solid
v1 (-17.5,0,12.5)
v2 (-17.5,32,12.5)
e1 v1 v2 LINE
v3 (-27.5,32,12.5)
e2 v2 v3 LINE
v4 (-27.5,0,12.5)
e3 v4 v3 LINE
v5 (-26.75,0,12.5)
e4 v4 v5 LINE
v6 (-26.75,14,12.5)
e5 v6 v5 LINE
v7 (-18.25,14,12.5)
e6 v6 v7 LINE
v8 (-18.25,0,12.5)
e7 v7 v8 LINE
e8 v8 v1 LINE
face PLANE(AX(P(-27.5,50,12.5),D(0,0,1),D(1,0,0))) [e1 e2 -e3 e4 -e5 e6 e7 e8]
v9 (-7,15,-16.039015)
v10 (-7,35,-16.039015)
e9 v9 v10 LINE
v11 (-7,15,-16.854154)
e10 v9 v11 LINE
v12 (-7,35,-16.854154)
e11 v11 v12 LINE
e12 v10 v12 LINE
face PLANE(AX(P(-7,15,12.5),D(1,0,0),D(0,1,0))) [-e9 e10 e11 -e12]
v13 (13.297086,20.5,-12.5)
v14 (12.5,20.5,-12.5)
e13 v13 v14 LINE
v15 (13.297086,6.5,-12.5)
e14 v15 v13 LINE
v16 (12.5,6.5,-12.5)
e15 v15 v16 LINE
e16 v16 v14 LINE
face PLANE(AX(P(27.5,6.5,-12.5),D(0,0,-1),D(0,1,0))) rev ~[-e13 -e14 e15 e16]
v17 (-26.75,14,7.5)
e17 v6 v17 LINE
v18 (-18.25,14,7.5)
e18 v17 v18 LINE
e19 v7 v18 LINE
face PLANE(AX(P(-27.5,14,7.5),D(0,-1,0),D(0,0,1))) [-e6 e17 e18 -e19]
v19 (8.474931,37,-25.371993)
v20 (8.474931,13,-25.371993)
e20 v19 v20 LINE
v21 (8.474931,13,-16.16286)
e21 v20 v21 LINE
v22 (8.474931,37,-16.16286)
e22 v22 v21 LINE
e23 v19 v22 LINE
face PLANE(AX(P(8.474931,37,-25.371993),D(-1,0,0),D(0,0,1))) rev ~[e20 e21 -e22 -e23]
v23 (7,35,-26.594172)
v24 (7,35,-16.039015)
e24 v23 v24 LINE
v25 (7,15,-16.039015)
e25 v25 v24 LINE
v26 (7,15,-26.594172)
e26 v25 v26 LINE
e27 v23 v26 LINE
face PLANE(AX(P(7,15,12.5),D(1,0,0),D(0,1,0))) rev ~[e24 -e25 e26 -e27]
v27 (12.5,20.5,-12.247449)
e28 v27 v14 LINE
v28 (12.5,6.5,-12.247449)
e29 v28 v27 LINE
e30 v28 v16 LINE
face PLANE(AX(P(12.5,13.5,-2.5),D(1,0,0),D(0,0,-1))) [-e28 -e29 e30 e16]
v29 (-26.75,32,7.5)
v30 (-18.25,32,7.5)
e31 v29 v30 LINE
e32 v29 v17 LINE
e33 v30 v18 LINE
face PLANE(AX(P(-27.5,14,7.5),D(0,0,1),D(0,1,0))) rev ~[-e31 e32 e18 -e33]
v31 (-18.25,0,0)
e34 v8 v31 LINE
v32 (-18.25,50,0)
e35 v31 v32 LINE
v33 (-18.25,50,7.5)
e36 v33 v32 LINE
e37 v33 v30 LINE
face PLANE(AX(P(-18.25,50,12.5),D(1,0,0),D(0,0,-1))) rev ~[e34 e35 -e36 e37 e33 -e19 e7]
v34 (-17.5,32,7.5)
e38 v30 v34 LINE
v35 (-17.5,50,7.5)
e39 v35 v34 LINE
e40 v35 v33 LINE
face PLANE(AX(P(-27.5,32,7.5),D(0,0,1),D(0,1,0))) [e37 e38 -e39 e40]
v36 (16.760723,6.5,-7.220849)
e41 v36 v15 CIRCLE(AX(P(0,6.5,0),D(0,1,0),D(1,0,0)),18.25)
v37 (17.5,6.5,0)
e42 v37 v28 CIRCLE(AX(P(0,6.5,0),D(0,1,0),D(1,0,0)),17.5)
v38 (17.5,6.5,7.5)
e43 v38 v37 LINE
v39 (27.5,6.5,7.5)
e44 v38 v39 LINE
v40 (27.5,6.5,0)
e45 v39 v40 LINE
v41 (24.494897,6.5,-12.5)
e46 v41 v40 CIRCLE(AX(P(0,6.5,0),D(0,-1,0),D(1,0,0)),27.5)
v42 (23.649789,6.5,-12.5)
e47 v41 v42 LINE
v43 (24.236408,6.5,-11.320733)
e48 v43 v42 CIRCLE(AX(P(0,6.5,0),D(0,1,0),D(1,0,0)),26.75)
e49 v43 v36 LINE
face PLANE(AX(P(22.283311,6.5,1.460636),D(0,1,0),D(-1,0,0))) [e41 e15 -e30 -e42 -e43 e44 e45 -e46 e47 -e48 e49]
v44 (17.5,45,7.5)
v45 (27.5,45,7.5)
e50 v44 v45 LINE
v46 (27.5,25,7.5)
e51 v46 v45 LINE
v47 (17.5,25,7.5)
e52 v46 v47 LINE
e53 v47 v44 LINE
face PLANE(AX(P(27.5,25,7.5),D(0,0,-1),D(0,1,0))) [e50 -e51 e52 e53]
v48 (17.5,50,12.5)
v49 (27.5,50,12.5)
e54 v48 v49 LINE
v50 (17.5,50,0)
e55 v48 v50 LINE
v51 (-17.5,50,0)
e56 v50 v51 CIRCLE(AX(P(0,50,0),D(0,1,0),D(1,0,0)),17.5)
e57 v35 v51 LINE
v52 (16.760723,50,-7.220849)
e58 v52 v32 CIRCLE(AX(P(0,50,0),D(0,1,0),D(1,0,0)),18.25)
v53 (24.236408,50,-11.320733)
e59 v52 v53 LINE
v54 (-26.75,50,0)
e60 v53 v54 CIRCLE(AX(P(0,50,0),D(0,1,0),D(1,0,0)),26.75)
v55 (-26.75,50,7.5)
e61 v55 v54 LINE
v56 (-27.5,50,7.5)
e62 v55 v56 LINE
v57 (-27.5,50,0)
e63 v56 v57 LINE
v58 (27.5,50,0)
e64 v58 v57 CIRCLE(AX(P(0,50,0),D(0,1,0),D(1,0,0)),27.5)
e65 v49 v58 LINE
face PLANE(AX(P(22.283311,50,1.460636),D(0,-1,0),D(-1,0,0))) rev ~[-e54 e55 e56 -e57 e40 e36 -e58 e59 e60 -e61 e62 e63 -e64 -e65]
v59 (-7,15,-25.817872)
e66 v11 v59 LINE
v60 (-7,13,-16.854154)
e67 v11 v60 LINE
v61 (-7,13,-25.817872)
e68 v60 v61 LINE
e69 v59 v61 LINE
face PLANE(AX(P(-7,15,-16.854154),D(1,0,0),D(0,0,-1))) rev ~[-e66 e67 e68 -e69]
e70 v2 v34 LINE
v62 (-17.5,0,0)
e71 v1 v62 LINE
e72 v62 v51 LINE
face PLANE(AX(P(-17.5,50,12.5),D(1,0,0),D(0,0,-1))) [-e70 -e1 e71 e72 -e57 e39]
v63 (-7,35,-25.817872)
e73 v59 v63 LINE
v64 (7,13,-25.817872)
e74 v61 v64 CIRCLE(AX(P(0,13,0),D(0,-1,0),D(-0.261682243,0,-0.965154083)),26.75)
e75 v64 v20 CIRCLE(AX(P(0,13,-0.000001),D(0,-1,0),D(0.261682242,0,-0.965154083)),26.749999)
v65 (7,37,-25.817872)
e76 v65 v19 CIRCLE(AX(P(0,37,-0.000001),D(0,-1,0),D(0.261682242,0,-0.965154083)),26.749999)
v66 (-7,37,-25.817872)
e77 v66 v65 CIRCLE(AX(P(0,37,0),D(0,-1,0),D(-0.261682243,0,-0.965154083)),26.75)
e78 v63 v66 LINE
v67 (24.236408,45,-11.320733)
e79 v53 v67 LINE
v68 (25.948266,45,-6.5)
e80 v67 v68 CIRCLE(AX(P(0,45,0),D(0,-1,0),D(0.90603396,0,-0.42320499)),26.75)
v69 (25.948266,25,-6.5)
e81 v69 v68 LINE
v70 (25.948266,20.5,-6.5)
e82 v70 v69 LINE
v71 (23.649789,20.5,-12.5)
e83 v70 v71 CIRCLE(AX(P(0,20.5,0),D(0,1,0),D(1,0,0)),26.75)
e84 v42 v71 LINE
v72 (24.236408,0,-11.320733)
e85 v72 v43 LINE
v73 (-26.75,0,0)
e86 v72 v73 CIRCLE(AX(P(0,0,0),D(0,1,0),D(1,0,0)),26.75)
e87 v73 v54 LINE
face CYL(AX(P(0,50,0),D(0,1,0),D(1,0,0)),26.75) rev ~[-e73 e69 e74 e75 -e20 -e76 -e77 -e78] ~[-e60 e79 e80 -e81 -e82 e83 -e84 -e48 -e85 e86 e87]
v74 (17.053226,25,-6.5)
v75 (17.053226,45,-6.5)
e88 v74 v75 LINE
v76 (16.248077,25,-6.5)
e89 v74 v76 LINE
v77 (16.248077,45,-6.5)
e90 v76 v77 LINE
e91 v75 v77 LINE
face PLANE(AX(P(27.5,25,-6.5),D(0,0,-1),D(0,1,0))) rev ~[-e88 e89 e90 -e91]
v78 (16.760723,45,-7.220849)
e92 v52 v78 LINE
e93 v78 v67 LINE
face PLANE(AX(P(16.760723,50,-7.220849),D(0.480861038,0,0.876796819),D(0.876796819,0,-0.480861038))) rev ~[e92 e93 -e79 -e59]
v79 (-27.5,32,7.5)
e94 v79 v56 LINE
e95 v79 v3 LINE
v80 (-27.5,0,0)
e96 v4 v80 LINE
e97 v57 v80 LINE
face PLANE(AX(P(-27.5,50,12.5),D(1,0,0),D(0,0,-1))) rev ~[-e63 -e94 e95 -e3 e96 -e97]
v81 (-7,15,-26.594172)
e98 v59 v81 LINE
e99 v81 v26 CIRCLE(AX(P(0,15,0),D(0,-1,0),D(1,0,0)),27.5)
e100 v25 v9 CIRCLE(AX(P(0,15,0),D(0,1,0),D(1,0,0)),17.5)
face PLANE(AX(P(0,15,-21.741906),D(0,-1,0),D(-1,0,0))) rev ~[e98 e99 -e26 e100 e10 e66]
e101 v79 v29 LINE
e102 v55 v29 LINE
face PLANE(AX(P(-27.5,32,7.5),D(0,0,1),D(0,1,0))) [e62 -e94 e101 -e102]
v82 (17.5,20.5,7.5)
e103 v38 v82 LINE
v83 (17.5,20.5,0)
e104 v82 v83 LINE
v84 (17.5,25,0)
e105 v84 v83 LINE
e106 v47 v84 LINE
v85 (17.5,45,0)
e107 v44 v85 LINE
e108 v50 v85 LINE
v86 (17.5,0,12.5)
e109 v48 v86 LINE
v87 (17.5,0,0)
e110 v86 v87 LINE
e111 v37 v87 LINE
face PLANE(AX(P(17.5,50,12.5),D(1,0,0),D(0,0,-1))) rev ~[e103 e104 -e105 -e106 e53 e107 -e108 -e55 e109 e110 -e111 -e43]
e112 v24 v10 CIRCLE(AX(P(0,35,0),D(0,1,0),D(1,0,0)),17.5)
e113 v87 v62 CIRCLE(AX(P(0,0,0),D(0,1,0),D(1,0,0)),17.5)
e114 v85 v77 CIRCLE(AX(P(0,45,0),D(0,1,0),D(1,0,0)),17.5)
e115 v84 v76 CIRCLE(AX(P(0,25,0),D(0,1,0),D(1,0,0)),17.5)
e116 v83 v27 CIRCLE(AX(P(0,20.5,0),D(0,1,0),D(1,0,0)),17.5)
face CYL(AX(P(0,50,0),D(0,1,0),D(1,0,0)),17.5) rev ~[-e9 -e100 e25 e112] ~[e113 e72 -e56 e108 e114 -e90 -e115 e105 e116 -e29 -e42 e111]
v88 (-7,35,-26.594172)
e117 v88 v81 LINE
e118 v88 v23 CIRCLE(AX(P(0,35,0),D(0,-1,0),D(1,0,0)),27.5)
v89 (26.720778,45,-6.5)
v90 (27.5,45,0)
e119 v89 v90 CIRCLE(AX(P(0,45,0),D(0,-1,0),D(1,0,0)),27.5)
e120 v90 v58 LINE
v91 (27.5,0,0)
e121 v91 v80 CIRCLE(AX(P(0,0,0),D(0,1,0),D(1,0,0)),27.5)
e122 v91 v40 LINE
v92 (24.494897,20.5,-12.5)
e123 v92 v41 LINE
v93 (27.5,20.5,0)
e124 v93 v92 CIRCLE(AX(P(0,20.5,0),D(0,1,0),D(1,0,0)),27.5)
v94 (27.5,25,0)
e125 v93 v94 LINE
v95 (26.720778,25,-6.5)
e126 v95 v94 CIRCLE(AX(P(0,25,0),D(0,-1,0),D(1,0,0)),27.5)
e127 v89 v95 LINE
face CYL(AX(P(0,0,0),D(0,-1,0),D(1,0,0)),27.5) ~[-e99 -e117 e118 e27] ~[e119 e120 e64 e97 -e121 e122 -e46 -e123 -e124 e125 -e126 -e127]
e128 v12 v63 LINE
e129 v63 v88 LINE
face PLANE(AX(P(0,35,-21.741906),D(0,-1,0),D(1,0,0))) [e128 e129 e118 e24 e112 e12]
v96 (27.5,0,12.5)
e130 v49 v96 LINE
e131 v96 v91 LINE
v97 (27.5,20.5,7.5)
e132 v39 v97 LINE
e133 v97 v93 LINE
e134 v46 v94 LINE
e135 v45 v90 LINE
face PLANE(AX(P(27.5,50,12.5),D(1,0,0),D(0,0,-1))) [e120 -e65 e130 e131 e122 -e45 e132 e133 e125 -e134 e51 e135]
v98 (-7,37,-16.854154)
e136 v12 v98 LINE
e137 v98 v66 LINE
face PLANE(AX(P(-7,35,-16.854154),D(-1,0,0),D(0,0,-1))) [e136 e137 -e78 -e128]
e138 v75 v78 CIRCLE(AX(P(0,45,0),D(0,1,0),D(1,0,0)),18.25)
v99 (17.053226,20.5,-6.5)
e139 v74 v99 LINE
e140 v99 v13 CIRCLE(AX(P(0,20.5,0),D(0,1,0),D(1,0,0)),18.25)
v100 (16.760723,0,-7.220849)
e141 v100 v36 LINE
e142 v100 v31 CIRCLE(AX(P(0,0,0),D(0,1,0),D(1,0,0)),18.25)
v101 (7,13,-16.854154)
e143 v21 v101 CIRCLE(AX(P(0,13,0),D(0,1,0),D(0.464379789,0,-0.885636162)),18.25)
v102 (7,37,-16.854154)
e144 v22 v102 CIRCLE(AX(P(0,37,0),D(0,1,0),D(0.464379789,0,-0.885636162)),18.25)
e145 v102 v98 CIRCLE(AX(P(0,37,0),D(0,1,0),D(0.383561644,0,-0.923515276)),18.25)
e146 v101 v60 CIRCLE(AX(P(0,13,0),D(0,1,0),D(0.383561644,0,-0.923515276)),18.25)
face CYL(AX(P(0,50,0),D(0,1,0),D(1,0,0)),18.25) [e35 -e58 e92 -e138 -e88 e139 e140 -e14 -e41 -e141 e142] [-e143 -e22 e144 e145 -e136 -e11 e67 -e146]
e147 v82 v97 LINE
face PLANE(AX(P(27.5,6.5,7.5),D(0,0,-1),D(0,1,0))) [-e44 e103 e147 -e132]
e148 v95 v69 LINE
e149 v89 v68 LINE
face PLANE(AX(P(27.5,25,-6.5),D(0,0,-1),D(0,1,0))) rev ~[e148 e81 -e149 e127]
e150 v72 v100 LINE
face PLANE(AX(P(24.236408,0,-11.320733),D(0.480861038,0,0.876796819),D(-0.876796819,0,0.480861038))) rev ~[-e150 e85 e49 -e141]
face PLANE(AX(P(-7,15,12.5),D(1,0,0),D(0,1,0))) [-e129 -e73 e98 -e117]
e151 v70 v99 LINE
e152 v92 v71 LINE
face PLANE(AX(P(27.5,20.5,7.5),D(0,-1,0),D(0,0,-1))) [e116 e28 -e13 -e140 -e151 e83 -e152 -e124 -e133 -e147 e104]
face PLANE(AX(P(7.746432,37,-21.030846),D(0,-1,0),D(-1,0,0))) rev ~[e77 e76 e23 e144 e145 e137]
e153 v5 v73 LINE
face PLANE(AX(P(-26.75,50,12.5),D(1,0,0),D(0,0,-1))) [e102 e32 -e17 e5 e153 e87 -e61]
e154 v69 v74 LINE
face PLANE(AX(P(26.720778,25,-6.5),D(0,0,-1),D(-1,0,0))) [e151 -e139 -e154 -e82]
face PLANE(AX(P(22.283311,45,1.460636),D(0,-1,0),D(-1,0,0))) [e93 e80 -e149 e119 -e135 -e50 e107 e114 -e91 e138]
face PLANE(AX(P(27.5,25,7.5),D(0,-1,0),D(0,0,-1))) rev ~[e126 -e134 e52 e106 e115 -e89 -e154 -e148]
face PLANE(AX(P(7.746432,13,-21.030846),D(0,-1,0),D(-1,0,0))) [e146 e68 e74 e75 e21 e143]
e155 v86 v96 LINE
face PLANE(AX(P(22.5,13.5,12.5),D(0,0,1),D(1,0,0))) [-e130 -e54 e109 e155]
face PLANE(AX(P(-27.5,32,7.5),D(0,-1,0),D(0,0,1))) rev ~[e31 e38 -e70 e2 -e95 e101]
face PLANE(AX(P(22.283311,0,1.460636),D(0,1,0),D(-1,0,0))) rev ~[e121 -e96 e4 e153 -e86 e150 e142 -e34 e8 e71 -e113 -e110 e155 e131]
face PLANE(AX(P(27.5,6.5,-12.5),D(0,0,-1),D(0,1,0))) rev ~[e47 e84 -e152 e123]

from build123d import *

# Parameters (mm, degrees)
SKETCH2_R            = 27.5
BOSS_EXTRUDE1_DEPTH  = 50
SKETCH3_R            = 26.75
CUT_EXTRUDE1_DEPTH   = 51
SKETCH7_R            = 18.25
BOSS_EXTRUDE3_DEPTH  = 50
SKETCH8_R            = 17.5
CUT_EXTRUDE3_DEPTH   = 51
SKETCH9_W            = 59.961193285
SKETCH9_H            = 28.516087398
CUT_EXTRUDE4_DEPTH   = 51
SKETCH10_W           = 0.75
SKETCH10_H           = 12.5
BOSS_EXTRUDE4_DEPTH  = 50
BOSS_EXTRUDE5_DEPTH  = 5
BOSS_EXTRUDE6_DEPTH  = 6.5
SKETCH12_W           = 14
SKETCH12_H           = 20
SKETCH12_W_2         = 20
SKETCH12_H_2         = 14
CUT_EXTRUDE6_DEPTH   = 15
SKETCH14_W           = 14
SKETCH14_H           = 20
CUT_EXTRUDE7_DEPTH   = 45
SKETCH15_W           = 16.605878589
SKETCH15_H           = 22.2356131
CUT_EXTRUDE8_DEPTH   = 15
BOSS_EXTRUDE8_DEPTH  = 4.5
BOSS_EXTRUDE9_DEPTH  = 2
BOSS_EXTRUDE10_DEPTH = 2
BOSS_EXTRUDE15_DEPTH = 24
BOSS_EXTRUDE17_DEPTH = 10
SKETCH26_W           = 5
SKETCH26_H           = 18
BOSS_EXTRUDE18_DEPTH = 10
SKETCH27_W           = 8.5
SKETCH27_H           = 14
BOSS_EXTRUDE19_DEPTH = 5


with BuildPart() as part:
    # Sketch2 → Boss-Extrude1 (new body)
    with BuildSketch(Plane(origin=(0, 0, 0), x_dir=(1, 0, 0), z_dir=(0, 1, 0))):
        Circle(SKETCH2_R)
    extrude(amount=BOSS_EXTRUDE1_DEPTH)

    # Sketch3 → Cut-Extrude1 (cut, through all)
    with BuildSketch(Plane(origin=(0, 50, 0), x_dir=(1, 0, 0), z_dir=(0, 1, 0))):
        Circle(SKETCH3_R)
    extrude(amount=-CUT_EXTRUDE1_DEPTH, mode=Mode.SUBTRACT)


with BuildPart() as body_2:
    # Sketch7 → Boss-Extrude3 (new body)
    with BuildSketch(Plane(origin=(0, 50, 0), x_dir=(1, 0, 0), z_dir=(0, 1, 0))):
        Circle(SKETCH7_R)
    extrude(amount=-BOSS_EXTRUDE3_DEPTH)

    # Sketch8 → Cut-Extrude3 (cut, through all)
    with BuildSketch(Plane(origin=(0, 50, 0), x_dir=(1, 0, 0), z_dir=(0, 1, 0))):
        Circle(SKETCH8_R)
    extrude(amount=-CUT_EXTRUDE3_DEPTH, mode=Mode.SUBTRACT)


with BuildPart() as cut_extrude4_tool:
    # Sketch9 → Cut-Extrude4 (new body, through all)
    with BuildSketch(Plane(origin=(0, 50, 0), x_dir=(1, 0, 0), z_dir=(0, 1, 0))):
        with Locations((-0.477134602, -14.258043699)):
            Rectangle(SKETCH9_W, SKETCH9_H)
    extrude(amount=-CUT_EXTRUDE4_DEPTH)


with BuildPart() as part_1:
    add(part.part)

    # Cut-Extrude4: cut by cut_extrude4_tool
    add(cut_extrude4_tool.part, mode=Mode.SUBTRACT)



with BuildPart() as body_2_1:
    add(body_2.part)

    # Cut-Extrude4: cut by cut_extrude4_tool
    add(cut_extrude4_tool.part, mode=Mode.SUBTRACT)


with BuildPart() as part_2:
    add(part_1.part)

    add(body_2_1.part)  # Boss-Extrude4 merges body 2
    # Sketch10 → Boss-Extrude4 (add)
    with BuildSketch(Plane(origin=(0, 50, 0), x_dir=(1, 0, 0), z_dir=(0, 1, 0))):
        with Locations((-27.125, -6.25)):
            Rectangle(SKETCH10_W, SKETCH10_H)
        with Locations((-17.875, -6.25)):
            Rectangle(SKETCH10_W, SKETCH10_H)
        with Locations((17.875, -6.25)):
            Rectangle(SKETCH10_W, SKETCH10_H)
        with Locations((27.125, -6.25)):
            Rectangle(SKETCH10_W, SKETCH10_H)
    extrude(amount=-BOSS_EXTRUDE4_DEPTH)

    # Sketch11 → Boss-Extrude5 (add)
    with BuildSketch(Plane(origin=(0, 50, 0), x_dir=(1, 0, 0), z_dir=(0, 1, 0))):
        with BuildLine():
            Line((16.760723177, 7.220848882), (24.236408431, 11.320733473))
            ThreePointArc((24.236408431, 11.320733473), (26.114042444, 5.798214142), (26.75, 0))
            Line((26.75, 0), (26.75, -12.5))
            Line((26.75, -12.5), (18.25, -12.5))
            Line((18.25, -12.5), (18.25, 0))
            ThreePointArc((18.25, 0), (17.873803428, 3.686414384), (16.760723177, 7.220848882))
        make_face()
    extrude(amount=-BOSS_EXTRUDE5_DEPTH)

    # Sketch13 → Boss-Extrude6 (add)
    with BuildSketch(Plane.XZ):
        with BuildLine():
            Line((18.25, 0), (18.25, 12.5))
            Line((18.25, 12.5), (26.75, 12.5))
            Line((26.75, 12.5), (26.75, 0))
            ThreePointArc((26.75, 0), (26.114042444, -5.798214142), (24.236408431, -11.320733473))
            Line((24.236408431, -11.320733473), (16.760723177, -7.220848882))
            ThreePointArc((16.760723177, -7.220848882), (17.873803428, -3.686414384), (18.25, 0))
        make_face()
    extrude(amount=-BOSS_EXTRUDE6_DEPTH)

    # Sketch12 → Cut-Extrude6 (cut)
    with BuildSketch(Plane(origin=(27.5, 0, 0), x_dir=(0, 0, -1), z_dir=(1, 0, 0))):
        with Locations((-0.5, 35)):
            Rectangle(SKETCH12_W, SKETCH12_H)
        with Locations((2.5, 13.5)):
            Rectangle(SKETCH12_W_2, SKETCH12_H_2)
    extrude(amount=-CUT_EXTRUDE6_DEPTH, mode=Mode.SUBTRACT)

    # Sketch14 → Cut-Extrude7 (cut)
    with BuildSketch(Plane.XY.offset(12.5)):
        with Locations((0, 25)):
            Rectangle(SKETCH14_W, SKETCH14_H)
    extrude(amount=-CUT_EXTRUDE7_DEPTH, mode=Mode.SUBTRACT)

    # Sketch15 → Cut-Extrude8 (cut)
    with BuildSketch(Plane.ZY.offset(27.5)):
        with Locations((15.802939295, 43.11780655)):
            Rectangle(SKETCH15_W, SKETCH15_H)
    extrude(amount=-CUT_EXTRUDE8_DEPTH, mode=Mode.SUBTRACT)

    # Sketch17 → Boss-Extrude8 (add)
    with BuildSketch(Plane(origin=(0, 25, 0), x_dir=(1, 0, 0), z_dir=(0, 1, 0))):
        with BuildLine():
            Line((26.720778432, 6.5), (17.053225501, 6.5))
            ThreePointArc((17.053225501, 6.5), (17.948312809, 3.304628164), (18.25, 0))
            Line((18.25, 0), (18.25, -7.5))
            Line((18.25, -7.5), (27.5, -7.5))
            Line((27.5, -7.5), (27.5, 0))
            ThreePointArc((27.5, 0), (27.304499692, 3.273270011), (26.720778432, 6.5))
        make_face()
    extrude(amount=-BOSS_EXTRUDE8_DEPTH)

    # Sketch18 → Boss-Extrude9 (add)
    with BuildSketch(Plane.XZ.offset(-35)):
        with BuildLine():
            Line((-7, -16.854153791), (-7, -25.817871717))
            ThreePointArc((-7, -25.817871717), (0, -26.75), (7, -25.817871717))
            Line((7, -25.817871717), (7, -16.854153791))
            ThreePointArc((7, -16.854153791), (0, -18.25), (-7, -16.854153791))
        make_face()
    extrude(amount=-BOSS_EXTRUDE9_DEPTH)

    # Sketch19 → Boss-Extrude10 (add)
    with BuildSketch(Plane(origin=(0, 15, 0), x_dir=(1, 0, 0), z_dir=(0, 1, 0))):
        with BuildLine():
            Line((7, 25.817871717), (7, 16.854153791))
            ThreePointArc((7, 16.854153791), (0, 18.25), (-7, 16.854153791))
            Line((-7, 16.854153791), (-7, 25.817871717))
            ThreePointArc((-7, 25.817871717), (0, 26.75), (7, 25.817871717))
        make_face()
    extrude(amount=-BOSS_EXTRUDE10_DEPTH)

    # Sketch24 → Boss-Extrude15 (add)
    with BuildSketch(Plane(origin=(0, 37, 0), x_dir=(1, 0, 0), z_dir=(0, 1, 0))):
        with BuildLine():
            Line((8.47493115, 25.37199326), (8.47493115, 16.162859957))
            ThreePointArc((8.47493115, 16.162859957), (7.745182071, 16.524970641), (7, 16.854153791))
            Line((7, 16.854153791), (7, 25.817871717))
            ThreePointArc((7, 25.817871717), (7.740676678, 25.605554565), (8.47493115, 25.37199326))
        make_face()
    extrude(amount=-BOSS_EXTRUDE15_DEPTH)

    # Sketch25 → Boss-Extrude17 (add)
    with BuildSketch(Plane(origin=(27.5, 0, 0), x_dir=(0, 0, -1), z_dir=(1, 0, 0))):
        Polygon((-7.5, 45), (-12.5, 45), (-12.5, 25), (-12.5, 20.5), (-7.5, 20.5), (-7.5, 25), align=None)
    extrude(amount=-BOSS_EXTRUDE17_DEPTH)

    # Sketch26 → Boss-Extrude18 (add)
    with BuildSketch(Plane.ZY.offset(27.5)):
        with Locations((10, 23)):
            Rectangle(SKETCH26_W, SKETCH26_H)
    extrude(amount=-BOSS_EXTRUDE18_DEPTH)

    # Sketch27 → Boss-Extrude19 (add)
    with BuildSketch(Plane.XY.offset(12.5)):
        with Locations((22.5, 13.5)):
            Rectangle(SKETCH27_W, SKETCH27_H)
    extrude(amount=-BOSS_EXTRUDE19_DEPTH)


solid = part_2.part
